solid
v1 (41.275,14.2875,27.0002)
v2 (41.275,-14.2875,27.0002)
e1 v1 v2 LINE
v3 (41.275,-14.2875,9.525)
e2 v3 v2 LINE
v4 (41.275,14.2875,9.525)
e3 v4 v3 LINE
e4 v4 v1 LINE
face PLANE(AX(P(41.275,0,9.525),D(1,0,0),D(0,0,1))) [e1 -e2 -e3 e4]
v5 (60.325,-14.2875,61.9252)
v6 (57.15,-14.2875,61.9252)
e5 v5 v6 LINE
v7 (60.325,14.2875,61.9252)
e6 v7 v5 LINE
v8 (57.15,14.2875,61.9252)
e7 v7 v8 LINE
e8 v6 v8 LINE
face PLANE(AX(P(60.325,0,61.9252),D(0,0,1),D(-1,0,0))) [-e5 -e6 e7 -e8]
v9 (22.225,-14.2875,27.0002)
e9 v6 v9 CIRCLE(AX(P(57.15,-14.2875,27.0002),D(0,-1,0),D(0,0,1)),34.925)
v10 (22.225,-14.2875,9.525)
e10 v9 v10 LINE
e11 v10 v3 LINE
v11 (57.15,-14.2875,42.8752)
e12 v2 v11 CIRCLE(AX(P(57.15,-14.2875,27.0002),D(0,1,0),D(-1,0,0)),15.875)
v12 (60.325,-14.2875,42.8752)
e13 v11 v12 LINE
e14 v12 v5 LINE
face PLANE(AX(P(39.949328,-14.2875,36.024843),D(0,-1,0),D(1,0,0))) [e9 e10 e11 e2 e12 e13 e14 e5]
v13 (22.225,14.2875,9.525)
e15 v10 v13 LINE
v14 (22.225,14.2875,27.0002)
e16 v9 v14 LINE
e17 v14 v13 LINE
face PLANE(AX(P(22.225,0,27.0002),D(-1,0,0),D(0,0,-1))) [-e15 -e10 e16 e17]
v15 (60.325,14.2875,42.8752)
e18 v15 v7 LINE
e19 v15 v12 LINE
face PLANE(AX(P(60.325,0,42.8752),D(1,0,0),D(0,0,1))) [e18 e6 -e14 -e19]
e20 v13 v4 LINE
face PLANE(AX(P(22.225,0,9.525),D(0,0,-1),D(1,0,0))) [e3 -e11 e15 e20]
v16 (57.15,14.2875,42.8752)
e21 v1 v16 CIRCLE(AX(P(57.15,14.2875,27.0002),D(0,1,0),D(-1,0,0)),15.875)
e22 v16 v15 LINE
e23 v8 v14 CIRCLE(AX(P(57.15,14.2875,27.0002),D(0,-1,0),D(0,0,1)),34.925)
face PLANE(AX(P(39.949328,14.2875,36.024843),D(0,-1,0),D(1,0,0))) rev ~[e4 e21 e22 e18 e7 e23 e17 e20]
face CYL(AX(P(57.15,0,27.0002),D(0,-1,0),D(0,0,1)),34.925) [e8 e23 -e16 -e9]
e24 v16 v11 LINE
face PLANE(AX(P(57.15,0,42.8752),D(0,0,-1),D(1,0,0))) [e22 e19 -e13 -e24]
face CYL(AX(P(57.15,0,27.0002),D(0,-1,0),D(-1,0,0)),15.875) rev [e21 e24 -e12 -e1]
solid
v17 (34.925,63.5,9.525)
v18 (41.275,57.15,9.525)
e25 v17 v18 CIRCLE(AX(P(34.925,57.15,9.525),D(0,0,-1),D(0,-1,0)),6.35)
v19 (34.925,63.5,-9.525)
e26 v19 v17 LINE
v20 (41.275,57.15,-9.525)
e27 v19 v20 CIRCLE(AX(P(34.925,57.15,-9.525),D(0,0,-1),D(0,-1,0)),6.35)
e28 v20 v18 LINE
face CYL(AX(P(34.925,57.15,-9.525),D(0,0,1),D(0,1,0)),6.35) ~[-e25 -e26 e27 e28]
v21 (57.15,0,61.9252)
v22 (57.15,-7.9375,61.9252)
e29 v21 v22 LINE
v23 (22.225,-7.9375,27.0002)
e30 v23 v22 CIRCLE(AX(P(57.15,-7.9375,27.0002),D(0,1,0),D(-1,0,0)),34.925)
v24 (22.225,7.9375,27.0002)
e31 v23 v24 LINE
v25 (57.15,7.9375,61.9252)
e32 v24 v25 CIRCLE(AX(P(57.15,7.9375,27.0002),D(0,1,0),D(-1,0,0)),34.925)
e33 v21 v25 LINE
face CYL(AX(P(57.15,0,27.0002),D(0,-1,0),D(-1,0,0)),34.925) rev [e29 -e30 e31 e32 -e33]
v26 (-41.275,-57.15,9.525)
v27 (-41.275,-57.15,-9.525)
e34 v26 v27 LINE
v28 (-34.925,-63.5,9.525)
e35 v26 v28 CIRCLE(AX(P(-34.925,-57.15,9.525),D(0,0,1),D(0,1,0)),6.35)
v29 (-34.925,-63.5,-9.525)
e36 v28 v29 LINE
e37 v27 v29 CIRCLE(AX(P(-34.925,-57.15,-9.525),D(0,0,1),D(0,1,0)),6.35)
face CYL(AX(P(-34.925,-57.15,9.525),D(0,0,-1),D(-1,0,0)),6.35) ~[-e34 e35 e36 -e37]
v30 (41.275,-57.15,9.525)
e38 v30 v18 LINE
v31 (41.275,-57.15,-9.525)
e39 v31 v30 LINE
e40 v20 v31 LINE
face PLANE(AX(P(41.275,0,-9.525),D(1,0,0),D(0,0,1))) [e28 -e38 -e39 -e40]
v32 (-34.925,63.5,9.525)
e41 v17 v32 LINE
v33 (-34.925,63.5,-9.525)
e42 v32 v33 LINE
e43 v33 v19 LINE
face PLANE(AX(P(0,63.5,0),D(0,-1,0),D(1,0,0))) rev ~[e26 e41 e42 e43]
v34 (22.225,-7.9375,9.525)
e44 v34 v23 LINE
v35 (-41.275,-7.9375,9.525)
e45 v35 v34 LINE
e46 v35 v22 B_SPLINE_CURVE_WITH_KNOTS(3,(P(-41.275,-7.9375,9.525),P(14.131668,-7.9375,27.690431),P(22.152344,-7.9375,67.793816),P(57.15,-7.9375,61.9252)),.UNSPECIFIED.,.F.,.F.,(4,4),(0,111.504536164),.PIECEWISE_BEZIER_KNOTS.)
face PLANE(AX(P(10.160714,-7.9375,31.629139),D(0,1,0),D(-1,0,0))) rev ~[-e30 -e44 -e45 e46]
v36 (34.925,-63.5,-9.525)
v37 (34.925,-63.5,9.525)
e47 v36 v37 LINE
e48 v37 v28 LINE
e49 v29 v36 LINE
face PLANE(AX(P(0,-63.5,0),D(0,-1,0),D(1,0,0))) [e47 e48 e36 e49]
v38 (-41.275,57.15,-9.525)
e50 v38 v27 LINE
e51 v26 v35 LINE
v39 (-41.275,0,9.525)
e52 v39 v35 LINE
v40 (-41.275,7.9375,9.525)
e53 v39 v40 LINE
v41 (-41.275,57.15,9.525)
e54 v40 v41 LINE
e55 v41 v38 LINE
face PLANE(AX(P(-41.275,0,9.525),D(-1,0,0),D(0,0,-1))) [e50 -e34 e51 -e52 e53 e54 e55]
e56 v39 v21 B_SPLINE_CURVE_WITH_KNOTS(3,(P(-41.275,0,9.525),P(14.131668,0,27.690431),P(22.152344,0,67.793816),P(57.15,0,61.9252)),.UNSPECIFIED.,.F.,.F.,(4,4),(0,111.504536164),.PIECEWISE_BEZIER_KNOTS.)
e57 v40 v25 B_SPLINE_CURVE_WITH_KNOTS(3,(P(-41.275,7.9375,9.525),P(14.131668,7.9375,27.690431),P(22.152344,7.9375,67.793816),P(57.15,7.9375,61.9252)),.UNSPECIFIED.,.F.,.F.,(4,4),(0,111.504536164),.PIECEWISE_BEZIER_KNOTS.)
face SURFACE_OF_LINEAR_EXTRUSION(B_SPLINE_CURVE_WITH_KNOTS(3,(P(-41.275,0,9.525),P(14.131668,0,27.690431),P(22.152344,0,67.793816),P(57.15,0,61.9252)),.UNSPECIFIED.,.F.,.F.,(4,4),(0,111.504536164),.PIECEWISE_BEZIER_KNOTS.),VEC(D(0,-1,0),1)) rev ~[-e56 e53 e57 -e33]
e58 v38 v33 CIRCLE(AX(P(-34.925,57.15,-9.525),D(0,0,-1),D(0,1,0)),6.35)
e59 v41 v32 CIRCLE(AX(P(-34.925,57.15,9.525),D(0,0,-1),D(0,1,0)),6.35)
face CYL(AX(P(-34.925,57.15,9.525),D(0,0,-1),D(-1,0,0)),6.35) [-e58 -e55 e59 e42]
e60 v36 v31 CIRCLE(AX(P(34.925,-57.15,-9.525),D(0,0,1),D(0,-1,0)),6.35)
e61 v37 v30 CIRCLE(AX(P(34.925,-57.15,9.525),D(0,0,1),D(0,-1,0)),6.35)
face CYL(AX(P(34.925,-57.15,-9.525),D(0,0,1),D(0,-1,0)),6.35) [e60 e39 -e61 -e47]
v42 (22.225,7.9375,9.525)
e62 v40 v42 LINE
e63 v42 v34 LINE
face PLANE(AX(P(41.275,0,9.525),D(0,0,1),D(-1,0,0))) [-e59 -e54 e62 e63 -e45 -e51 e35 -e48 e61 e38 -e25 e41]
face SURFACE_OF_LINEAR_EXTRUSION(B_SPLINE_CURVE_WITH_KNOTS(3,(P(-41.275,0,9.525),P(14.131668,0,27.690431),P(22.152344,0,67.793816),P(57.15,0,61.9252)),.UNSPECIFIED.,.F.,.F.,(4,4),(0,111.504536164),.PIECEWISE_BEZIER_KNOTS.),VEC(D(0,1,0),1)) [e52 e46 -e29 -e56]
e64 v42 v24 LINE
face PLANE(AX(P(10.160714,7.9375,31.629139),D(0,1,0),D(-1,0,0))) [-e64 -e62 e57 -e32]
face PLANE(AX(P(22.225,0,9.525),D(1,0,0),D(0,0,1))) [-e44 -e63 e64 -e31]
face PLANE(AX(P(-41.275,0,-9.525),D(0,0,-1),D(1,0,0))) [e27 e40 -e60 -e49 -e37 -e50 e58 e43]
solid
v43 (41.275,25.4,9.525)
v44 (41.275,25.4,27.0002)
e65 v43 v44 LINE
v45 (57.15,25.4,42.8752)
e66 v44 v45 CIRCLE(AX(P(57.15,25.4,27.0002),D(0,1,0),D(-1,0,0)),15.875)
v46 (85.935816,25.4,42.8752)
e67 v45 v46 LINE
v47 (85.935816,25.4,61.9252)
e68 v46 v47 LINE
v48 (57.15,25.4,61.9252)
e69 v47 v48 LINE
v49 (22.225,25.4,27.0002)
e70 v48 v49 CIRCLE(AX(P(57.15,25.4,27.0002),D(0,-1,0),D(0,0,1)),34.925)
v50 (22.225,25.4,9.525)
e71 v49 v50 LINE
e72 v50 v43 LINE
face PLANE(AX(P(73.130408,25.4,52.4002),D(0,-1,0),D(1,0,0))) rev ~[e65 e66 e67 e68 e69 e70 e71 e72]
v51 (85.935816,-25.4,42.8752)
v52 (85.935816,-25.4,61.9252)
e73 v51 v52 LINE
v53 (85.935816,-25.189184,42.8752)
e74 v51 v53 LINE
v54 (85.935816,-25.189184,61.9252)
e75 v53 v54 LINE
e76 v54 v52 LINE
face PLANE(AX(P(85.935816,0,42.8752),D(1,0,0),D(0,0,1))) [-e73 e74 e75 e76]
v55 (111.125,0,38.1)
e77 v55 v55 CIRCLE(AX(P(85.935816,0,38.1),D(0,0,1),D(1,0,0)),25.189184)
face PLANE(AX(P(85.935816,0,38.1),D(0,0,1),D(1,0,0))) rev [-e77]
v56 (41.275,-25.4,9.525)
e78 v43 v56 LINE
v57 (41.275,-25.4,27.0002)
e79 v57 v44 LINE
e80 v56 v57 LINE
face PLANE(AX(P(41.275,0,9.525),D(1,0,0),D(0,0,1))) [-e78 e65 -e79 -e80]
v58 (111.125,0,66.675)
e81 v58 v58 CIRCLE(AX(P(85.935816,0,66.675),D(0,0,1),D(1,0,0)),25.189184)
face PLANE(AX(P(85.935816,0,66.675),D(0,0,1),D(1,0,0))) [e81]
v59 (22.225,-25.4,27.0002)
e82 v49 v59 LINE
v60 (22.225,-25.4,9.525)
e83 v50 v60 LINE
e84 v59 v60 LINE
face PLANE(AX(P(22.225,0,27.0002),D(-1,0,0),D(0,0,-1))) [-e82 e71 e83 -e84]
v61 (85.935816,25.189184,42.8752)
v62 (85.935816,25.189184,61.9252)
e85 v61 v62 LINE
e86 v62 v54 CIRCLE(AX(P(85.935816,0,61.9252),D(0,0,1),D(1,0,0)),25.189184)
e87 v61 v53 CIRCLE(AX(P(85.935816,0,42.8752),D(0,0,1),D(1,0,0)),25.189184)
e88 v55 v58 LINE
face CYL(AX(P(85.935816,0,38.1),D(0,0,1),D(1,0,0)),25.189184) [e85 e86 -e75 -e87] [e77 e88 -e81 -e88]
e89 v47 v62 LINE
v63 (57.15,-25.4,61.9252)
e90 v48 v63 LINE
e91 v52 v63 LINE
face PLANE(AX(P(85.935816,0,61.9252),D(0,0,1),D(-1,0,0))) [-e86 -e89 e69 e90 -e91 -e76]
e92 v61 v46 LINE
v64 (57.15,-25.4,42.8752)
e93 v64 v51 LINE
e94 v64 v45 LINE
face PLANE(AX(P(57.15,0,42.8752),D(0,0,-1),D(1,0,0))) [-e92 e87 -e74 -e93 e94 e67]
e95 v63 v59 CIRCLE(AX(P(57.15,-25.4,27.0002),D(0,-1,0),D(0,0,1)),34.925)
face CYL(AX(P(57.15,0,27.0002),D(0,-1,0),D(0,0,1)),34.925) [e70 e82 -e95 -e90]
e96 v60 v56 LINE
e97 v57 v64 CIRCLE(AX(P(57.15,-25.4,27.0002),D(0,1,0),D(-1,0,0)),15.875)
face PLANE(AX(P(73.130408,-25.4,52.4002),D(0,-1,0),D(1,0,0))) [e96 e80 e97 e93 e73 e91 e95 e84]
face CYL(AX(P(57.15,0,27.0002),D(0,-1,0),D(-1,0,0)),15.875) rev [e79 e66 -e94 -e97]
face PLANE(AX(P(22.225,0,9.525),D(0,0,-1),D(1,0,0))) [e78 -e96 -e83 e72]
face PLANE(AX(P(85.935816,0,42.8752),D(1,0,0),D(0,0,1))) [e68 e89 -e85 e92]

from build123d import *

# Parameters (mm, degrees)
F1_DEPTH = 63.5
F0_W     = 25.6108161688
F0_H     = 19.05
F2_DEPTH = 25.4
F3_DEPTH = 7.9375
F4_DEPTH = 14.2875
F6_R     = 6.35


with BuildPart() as f1:
    # F0 (on Front) → F1 (new body, symmetric)
    with BuildSketch(Plane.XZ):
        Polygon((-41.275, 9.525), (-41.275, -9.525), (41.275, -9.525), (41.275, 9.525), (22.225, 9.525), align=None)
    extrude(amount=F1_DEPTH, both=True)

    # F0 (on Front) → F3 (join, symmetric)
    with BuildSketch(Plane.XZ):
        with BuildLine():
            add(Edge.make_bspline(
                [(-41.275, 9.525), (14.1316680238, 27.6904311031), (22.1523437649, 67.793816328), (57.15, 61.9252)],
                knots=[0, 0, 0, 0, 111.5045361635, 111.5045361635, 111.5045361635, 111.5045361635], degree=3))
            Line((-41.275, 9.525), (22.225, 9.525))
            Line((22.225, 9.525), (22.225, 27.0002))
            ThreePointArc((22.225, 27.0002), (32.4542956671, 51.6959043329), (57.15, 61.9252))
        make_face()
    extrude(amount=F3_DEPTH, both=True)

    # F6
    f6_edges = [f1.edges().sort_by_distance(p)[0] for p in [
        (41.275, -63.5, 0),
        (-41.275, -63.5, 0),
        (41.275, 63.5, 0),
        (-41.275, 63.5, 0),
    ]]
    fillet(f6_edges, radius=F6_R)


with BuildPart() as f2:
    # F0 (on Front) → F2 (new body, symmetric)
    with BuildSketch(Plane.XZ):
        with Locations((73.1304080844, 52.4002)):
            Rectangle(F0_W, F0_H)
        with BuildLine():
            Line((22.225, 9.525), (41.275, 9.525))
            Line((41.275, 9.525), (41.275, 27.0002))
            ThreePointArc((41.275, 27.0002), (45.9246798487, 38.2255201513), (57.15, 42.8752))
            Line((57.15, 42.8752), (60.325, 42.8752))
            Line((60.325, 42.8752), (60.325, 61.9252))
            Line((60.325, 61.9252), (57.15, 61.9252))
            ThreePointArc((57.15, 61.9252), (32.4542956671, 51.6959043329), (22.225, 27.0002))
            Line((22.225, 27.0002), (22.225, 9.525))
        make_face()
    extrude(amount=F2_DEPTH, both=True)

    # F0 (on Front) → F5 (revolve)
    with BuildSketch(Plane.XZ):
        Polygon((85.9358161688, 66.675), (85.9358161688, 61.9252), (85.9358161688, 42.8752), (85.9358161688, 38.1), (111.125, 38.1), (111.125, 66.675), align=None)
    revolve(axis=Axis((85.9358161688, 0, 52.3875), (0, 0, 1)))


with BuildPart() as f4:
    # F0 (on Front) → F4 (new body, symmetric)
    with BuildSketch(Plane.XZ):
        with BuildLine():
            Line((22.225, 9.525), (41.275, 9.525))
            Line((41.275, 9.525), (41.275, 27.0002))
            ThreePointArc((41.275, 27.0002), (45.9246798487, 38.2255201513), (57.15, 42.8752))
            Line((57.15, 42.8752), (60.325, 42.8752))
            Line((60.325, 42.8752), (60.325, 61.9252))
            Line((60.325, 61.9252), (57.15, 61.9252))
            ThreePointArc((57.15, 61.9252), (32.4542956671, 51.6959043329), (22.225, 27.0002))
            Line((22.225, 27.0002), (22.225, 9.525))
        make_face()
    extrude(amount=F4_DEPTH, both=True)


solid = Compound([f1.part, f2.part, f4.part])
